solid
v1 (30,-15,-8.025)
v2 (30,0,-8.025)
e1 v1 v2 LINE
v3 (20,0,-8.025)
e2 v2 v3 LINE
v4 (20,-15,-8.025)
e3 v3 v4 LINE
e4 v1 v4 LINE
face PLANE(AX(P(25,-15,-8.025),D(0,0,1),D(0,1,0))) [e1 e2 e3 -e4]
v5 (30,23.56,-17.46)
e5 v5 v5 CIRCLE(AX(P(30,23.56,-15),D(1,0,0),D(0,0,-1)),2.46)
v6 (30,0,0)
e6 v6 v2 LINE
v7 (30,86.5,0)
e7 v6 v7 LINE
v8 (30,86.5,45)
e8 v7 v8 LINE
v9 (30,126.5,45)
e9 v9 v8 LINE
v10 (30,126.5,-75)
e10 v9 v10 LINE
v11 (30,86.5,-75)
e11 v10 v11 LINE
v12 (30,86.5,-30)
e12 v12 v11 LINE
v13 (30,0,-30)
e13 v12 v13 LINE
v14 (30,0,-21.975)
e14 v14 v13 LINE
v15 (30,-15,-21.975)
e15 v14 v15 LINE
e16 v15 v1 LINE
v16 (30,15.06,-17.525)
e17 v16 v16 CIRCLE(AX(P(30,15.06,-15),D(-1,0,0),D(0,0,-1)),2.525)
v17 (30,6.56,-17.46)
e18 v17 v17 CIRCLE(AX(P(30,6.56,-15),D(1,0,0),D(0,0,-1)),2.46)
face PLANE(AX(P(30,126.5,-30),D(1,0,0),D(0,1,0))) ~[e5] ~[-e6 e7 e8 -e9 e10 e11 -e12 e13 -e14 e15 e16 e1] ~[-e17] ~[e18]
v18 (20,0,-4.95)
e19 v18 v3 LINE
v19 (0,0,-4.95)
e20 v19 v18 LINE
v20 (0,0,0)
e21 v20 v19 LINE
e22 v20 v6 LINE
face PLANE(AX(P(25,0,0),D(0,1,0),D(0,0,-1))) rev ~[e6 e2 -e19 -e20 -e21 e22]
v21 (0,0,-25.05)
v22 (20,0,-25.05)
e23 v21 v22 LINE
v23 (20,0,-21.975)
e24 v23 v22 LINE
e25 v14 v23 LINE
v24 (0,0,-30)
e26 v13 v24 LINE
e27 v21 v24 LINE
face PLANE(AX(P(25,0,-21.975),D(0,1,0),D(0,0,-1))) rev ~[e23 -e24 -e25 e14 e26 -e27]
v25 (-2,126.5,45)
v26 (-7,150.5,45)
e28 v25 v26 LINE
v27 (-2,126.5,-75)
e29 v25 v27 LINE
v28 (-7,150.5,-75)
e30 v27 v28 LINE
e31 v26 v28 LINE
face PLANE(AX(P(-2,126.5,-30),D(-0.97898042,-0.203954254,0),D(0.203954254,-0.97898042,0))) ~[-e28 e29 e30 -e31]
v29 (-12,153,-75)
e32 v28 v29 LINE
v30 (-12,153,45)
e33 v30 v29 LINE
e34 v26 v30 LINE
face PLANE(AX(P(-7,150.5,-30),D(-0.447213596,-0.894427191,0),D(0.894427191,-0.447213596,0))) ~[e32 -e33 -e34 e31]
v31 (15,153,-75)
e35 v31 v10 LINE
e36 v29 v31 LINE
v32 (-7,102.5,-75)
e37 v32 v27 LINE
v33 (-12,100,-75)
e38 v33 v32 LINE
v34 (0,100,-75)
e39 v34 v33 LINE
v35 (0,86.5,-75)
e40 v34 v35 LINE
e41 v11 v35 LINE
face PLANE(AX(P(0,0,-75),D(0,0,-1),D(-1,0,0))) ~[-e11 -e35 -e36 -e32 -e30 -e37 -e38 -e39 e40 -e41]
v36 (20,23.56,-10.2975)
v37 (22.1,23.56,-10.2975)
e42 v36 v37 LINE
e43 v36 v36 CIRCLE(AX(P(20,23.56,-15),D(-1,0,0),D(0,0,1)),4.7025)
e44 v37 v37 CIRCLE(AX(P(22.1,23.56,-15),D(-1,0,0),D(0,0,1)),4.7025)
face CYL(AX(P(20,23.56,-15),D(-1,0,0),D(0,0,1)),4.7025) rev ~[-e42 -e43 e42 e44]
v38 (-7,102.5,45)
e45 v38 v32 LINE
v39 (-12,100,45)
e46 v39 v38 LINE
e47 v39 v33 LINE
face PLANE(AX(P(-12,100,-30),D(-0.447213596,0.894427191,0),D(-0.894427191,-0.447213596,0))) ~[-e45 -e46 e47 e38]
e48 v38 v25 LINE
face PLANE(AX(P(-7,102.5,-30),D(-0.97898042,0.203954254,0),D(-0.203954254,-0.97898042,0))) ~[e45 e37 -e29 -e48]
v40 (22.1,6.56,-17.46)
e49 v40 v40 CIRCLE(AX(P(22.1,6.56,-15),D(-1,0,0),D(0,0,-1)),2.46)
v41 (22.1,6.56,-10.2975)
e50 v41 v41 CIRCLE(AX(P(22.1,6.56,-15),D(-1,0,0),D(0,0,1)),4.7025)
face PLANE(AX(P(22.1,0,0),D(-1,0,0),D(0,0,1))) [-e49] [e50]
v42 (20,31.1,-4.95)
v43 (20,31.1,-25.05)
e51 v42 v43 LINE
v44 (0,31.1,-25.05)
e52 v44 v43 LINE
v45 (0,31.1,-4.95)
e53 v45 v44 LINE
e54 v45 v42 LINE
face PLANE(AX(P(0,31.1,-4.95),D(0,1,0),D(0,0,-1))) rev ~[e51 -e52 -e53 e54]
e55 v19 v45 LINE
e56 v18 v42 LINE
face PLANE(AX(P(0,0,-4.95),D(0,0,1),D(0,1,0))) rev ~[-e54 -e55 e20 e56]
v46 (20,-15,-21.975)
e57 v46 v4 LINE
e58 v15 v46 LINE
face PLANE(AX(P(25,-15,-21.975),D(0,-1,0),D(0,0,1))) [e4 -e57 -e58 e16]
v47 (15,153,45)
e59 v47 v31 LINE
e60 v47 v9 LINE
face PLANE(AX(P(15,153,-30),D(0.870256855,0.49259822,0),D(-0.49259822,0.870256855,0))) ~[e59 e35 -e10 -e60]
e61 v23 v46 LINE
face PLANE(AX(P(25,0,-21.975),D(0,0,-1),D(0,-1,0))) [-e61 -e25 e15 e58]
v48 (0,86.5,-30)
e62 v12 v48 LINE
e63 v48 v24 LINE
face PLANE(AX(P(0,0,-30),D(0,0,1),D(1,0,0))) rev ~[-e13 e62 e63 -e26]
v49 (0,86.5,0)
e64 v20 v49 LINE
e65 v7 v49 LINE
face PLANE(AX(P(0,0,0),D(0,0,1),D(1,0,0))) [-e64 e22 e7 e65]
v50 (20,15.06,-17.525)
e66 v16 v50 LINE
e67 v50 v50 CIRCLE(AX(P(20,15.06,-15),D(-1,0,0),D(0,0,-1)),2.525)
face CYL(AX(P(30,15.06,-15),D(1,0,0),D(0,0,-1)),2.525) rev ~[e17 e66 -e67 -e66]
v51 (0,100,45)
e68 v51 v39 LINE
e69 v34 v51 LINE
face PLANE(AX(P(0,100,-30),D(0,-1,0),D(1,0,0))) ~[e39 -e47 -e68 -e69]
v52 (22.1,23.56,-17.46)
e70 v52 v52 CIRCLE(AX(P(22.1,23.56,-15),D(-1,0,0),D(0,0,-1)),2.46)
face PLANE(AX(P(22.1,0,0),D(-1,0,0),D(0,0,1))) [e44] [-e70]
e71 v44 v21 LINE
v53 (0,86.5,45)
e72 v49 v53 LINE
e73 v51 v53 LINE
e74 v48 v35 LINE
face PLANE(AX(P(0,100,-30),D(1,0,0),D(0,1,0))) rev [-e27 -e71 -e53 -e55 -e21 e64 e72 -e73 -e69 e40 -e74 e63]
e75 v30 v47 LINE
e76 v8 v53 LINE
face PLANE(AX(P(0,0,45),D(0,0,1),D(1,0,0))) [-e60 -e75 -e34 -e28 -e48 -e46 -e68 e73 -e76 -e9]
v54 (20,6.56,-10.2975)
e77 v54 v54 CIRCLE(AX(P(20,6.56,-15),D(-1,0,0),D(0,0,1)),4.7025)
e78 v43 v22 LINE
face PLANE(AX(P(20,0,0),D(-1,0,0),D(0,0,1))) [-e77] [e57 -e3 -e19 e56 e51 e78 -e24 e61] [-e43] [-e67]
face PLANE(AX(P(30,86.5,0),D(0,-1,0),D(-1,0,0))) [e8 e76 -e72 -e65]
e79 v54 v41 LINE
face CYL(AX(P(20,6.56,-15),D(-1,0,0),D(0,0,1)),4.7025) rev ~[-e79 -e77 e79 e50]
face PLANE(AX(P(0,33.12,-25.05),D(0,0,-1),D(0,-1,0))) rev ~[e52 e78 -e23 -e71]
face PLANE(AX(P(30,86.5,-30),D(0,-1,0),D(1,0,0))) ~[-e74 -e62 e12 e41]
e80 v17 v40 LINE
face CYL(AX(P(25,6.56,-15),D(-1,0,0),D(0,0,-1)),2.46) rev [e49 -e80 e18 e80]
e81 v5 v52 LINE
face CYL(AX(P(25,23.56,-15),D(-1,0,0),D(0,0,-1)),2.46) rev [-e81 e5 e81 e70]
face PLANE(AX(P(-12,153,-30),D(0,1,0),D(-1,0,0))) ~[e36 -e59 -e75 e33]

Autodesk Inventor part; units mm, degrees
ref_plane "YZ Plane" through (0, 0, 0) normal (1, 0, 0) x (0, 1, 0)
ref_plane "XZ Plane" through (0, 0, 0) normal (0, 1, 0) x (-1, 0, 0)
sketch "Sketch1" plane through (0, 0, 0) normal (0, 0, 1) x (1, 0, 0)
  line L0 (0, 0) -> (25, 0)
  line L1 (25, 0) -> (25, 40)
  line L2 (25, 40) -> (0, 40)
  line L3 (0, 40) -> (0, 0)
  dimension "d1" = 25
  dimension "d2" = 40
  dimension "d3" = 25
extrude "Extrusion1" add sketch "Sketch1" against normal blind 30
sketch "Sketch2" plane through (25, 0, 0) normal (1, 0, 0) x (0, 0, -1)
  line L0 (0, 0) -> (30, 0) projected
  circle A0 centre (15, 6.56) radius 2.46
extrude "Extrusion2" cut sketch "Sketch2" against normal blind 30
sketch "Sketch3" plane through (0, 0, 0) normal (-1, 0, 0) x (0, 0, 1)
  line L0 (0, 0) -> (-30, 0) projected
  line L1 (-25.05, 0) -> (-4.95, 0)
  line L2 (-4.95, 0) -> (-4.95, 33.12)
  line L3 (-4.95, 33.12) -> (-25.05, 33.12)
  line L4 (-25.05, 33.12) -> (-25.05, 0)
  dimension "d11" = 20.1
extrude "Extrusion3" cut sketch "Sketch3" against normal blind 20
sketch "Sketch4" plane through (0, 0, 0) normal (0, -1, 0) x (1, 0, 0)
  line L0 (20, -4.95) -> (20, -25.05) projected
  line L1 (20, -15) -> (25, -15)
  line L2 (25, 0) -> (25, -30) projected
  line L3 (20, -8.025) -> (25, -8.025)
  line L4 (25, -8.025) -> (25, -21.975)
  line L5 (25, -21.975) -> (20, -21.975)
  line L6 (20, -21.975) -> (20, -8.025)
  line L7 (20, -8.025) -> (25, -21.975) construction
  line L8 (25, -8.025) -> (20, -21.975) construction
  line L9 (25, -12.54) -> (25, -17.46) projected
  point P0 (0, 0)
  point P1 (22.5, -15)
  dimension "d14" = 13.95
extrude "Extrusion4" add sketch "Sketch4" along normal blind 15
sketch "Sketch5" plane through (20, 0, 0) normal (-1, 0, 0) x (0, 0, 1)
  circle A0 centre (-15, 6.56) radius 2.46 projected
  circle A1 centre (-15, 6.56) radius 4.7025
  circle A2 centre (-15, 6.56) radius 2.46 projected
  circle A3 centre (-15, 6.56) radius 2.46
  point P0 (0, 0)
  dimension "d17" = 9.405
extrude "Extrusion5" cut sketch "Sketch5" against normal blind 2.1
sketch "Sketch6" plane through (25, 0, 0) normal (1, 0, 0) x (0, 0, -1)
  circle A0 centre (15, 6.56) radius 4.7025 projected
  line L0 (15, 6.56) -> (15, 23.56)
  circle A1 centre (15, 23.56) radius 2.46
  point P0 (0, 0)
  dimension "d20" = 17
  dimension "d21" = 4.92
extrude "Extrusion6" cut sketch "Sketch6" against normal blind 10 contours A1
sketch "Sketch7" plane through (20, 0, 0) normal (-1, 0, 0) x (0, 0, 1)
  circle A0 centre (-15, 23.56) radius 2.46 projected
  circle A1 centre (-15, 23.56) radius 4.7025
  point P0 (0, 0)
  dimension "d24" = 9.405
extrude "Extrusion7" cut sketch "Sketch7" against normal blind 2.1
sketch "Sketch9" plane through (25, 0, 0) normal (1, 0, 0) x (0, 0, -1)
  circle A0 centre (15, 6.56) radius 2.46 projected
  circle A1 centre (15, 6.56) radius 2.46
  circle A2 centre (15, 23.56) radius 2.46 projected
  circle A3 centre (15, 23.56) radius 2.46
  line L0 (30, 40) -> (30, 0) projected
  line L1 (30, 0) -> (30, 40)
  line L2 (30, 40) -> (0, 40)
  line L3 (0, 40) -> (0, 0)
  line L4 (0, 0) -> (8.025, 0) projected
  line L5 (21.975, 0) -> (21.975, -15)
  line L6 (21.975, -15) -> (8.025, -15)
  line L7 (8.025, -15) -> (8.025, 0)
  line L8 (0, 0) -> (8.025, 0)
  line L9 (21.975, 0) -> (30, 0)
extrude "Extrusion8" add sketch "Sketch9" along normal blind 5
sketch "Sketch10" plane through (0, 40, 0) normal (0, 1, 0) x (1, 0, 0)
  line L0 (0, 30) -> (30, 30) projected
  line L1 (30, 0) -> (0, 0) projected
  line L2 (0, 30) -> (30, 30)
  line L3 (30, 30) -> (30, 0)
  line L4 (30, 0) -> (0, 0)
  line L5 (0, 0) -> (0, 30)
extrude "Extrusion9" add sketch "Sketch10" along normal blind 30
sketch "Sketch12" plane through (30, 0, 0) normal (1, 0, 0) x (0, 0, -1)
  circle A0 centre (15, 6.56) radius 2.46 projected
  line L0 (15, 6.56) -> (15, 15.06)
  circle A1 centre (15, 15.06) radius 2.525
  point P0 (0, 0)
  dimension "d31" = 8.5
  dimension "d33" = 5.05
extrude "Extrusion10" cut sketch "Sketch12" against normal blind 30 contours A1
sketch "Sketch14" plane through (0, 0, 0) normal (0, 0, 1) x (1, 0, 0)
  line L0 (30, 70) -> (0, 70) projected
  line L1 (0, 70) -> (0, 85)
  line L2 (30, 0) -> (30, 70) projected
  line L3 (30, 122.5) -> (30, 70)
  line L4 (30, 105) -> (30, 100)
  line L5 (-12, 153) -> (15, 153)
  line L6 (-7, 150.5) -> (-12, 153)
  line L7 (-7, 102.5) -> (-12, 100)
  line L8 (-7, 102.5) -> (-2, 126.5)
  line L9 (-2, 126.5) -> (-7, 150.5)
  line L10 (30, 126.5) -> (15, 153)
  line L11 (30, 122.5) -> (30, 126.5)
  line L12 (0, 85) -> (0, 100)
  line L13 (0, 100) -> (-12, 100)
  point P0 (0, 0)
  dimension "d90" = 12
extrude "Extrusion12" add sketch "Sketch14" against normal blind 30
sketch "Sketch15" plane through (0, 0, -25.05) normal (-1, 0, 0) x (0, 0, 1)
  line L0 (0, 33.12) -> (20.1, 33.12) projected
  line L1 (20.1, 33.12) -> (20.1, 0) projected
  line L2 (0, 33.12) -> (20.1, 33.12)
  line L3 (20.1, 33.12) -> (20.1, 31.1)
  line L4 (20.1, 31.1) -> (0, 31.1)
  line L5 (0, 31.1) -> (0, 33.12)
  point P0 (25.05, 0)
  dimension "d57" = 2.02
extrude "Extrusion13" add sketch "Sketch15" against normal blind 20
sketch "Sketch25" plane through (0, 0, 0) normal (0, 0, 1) x (1, 0, 0)
  line L0 (0, 100) -> (-12, 100) projected
  line L1 (0, 100) -> (-12, 100)
  line L2 (-12, 100) -> (-7, 102.5) projected
  line L3 (-12, 100) -> (-7, 102.5)
  line L4 (-7, 102.5) -> (-2, 126.5) projected
  line L5 (-7, 102.5) -> (-2, 126.5)
  line L6 (-2, 126.5) -> (-7, 150.5) projected
  line L7 (-2, 126.5) -> (-7, 150.5)
  line L8 (-7, 150.5) -> (-12, 153) projected
  line L9 (-7, 150.5) -> (-12, 153)
  line L10 (-12, 153) -> (15, 153) projected
  line L11 (-12, 153) -> (15, 153)
  line L12 (15, 153) -> (30, 126.5) projected
  line L13 (15, 153) -> (30, 126.5)
  line L14 (30, 126.5) -> (30, 86.5)
  line L15 (30, 0) -> (30, 126.5) projected
  line L16 (30, 86.5) -> (0, 86.5)
  line L17 (0, 100) -> (0, 0) projected
  line L18 (0, 86.5) -> (0, 100)
  dimension "d91" = 40
  dimension "d92" = 30
extrude "Extrusion14" add sketch "Sketch25" along normal blind 45
ref_plane "Work Plane1" through (0, 0, -15) normal (0, 0, 1) x (1, 0, 0)
mirror "Mirror1" about plane through (0, 0, -15) normal (0, 0, 1) of "Extrusion14"
properties part number "rec_b_48mm_x_120mm"
